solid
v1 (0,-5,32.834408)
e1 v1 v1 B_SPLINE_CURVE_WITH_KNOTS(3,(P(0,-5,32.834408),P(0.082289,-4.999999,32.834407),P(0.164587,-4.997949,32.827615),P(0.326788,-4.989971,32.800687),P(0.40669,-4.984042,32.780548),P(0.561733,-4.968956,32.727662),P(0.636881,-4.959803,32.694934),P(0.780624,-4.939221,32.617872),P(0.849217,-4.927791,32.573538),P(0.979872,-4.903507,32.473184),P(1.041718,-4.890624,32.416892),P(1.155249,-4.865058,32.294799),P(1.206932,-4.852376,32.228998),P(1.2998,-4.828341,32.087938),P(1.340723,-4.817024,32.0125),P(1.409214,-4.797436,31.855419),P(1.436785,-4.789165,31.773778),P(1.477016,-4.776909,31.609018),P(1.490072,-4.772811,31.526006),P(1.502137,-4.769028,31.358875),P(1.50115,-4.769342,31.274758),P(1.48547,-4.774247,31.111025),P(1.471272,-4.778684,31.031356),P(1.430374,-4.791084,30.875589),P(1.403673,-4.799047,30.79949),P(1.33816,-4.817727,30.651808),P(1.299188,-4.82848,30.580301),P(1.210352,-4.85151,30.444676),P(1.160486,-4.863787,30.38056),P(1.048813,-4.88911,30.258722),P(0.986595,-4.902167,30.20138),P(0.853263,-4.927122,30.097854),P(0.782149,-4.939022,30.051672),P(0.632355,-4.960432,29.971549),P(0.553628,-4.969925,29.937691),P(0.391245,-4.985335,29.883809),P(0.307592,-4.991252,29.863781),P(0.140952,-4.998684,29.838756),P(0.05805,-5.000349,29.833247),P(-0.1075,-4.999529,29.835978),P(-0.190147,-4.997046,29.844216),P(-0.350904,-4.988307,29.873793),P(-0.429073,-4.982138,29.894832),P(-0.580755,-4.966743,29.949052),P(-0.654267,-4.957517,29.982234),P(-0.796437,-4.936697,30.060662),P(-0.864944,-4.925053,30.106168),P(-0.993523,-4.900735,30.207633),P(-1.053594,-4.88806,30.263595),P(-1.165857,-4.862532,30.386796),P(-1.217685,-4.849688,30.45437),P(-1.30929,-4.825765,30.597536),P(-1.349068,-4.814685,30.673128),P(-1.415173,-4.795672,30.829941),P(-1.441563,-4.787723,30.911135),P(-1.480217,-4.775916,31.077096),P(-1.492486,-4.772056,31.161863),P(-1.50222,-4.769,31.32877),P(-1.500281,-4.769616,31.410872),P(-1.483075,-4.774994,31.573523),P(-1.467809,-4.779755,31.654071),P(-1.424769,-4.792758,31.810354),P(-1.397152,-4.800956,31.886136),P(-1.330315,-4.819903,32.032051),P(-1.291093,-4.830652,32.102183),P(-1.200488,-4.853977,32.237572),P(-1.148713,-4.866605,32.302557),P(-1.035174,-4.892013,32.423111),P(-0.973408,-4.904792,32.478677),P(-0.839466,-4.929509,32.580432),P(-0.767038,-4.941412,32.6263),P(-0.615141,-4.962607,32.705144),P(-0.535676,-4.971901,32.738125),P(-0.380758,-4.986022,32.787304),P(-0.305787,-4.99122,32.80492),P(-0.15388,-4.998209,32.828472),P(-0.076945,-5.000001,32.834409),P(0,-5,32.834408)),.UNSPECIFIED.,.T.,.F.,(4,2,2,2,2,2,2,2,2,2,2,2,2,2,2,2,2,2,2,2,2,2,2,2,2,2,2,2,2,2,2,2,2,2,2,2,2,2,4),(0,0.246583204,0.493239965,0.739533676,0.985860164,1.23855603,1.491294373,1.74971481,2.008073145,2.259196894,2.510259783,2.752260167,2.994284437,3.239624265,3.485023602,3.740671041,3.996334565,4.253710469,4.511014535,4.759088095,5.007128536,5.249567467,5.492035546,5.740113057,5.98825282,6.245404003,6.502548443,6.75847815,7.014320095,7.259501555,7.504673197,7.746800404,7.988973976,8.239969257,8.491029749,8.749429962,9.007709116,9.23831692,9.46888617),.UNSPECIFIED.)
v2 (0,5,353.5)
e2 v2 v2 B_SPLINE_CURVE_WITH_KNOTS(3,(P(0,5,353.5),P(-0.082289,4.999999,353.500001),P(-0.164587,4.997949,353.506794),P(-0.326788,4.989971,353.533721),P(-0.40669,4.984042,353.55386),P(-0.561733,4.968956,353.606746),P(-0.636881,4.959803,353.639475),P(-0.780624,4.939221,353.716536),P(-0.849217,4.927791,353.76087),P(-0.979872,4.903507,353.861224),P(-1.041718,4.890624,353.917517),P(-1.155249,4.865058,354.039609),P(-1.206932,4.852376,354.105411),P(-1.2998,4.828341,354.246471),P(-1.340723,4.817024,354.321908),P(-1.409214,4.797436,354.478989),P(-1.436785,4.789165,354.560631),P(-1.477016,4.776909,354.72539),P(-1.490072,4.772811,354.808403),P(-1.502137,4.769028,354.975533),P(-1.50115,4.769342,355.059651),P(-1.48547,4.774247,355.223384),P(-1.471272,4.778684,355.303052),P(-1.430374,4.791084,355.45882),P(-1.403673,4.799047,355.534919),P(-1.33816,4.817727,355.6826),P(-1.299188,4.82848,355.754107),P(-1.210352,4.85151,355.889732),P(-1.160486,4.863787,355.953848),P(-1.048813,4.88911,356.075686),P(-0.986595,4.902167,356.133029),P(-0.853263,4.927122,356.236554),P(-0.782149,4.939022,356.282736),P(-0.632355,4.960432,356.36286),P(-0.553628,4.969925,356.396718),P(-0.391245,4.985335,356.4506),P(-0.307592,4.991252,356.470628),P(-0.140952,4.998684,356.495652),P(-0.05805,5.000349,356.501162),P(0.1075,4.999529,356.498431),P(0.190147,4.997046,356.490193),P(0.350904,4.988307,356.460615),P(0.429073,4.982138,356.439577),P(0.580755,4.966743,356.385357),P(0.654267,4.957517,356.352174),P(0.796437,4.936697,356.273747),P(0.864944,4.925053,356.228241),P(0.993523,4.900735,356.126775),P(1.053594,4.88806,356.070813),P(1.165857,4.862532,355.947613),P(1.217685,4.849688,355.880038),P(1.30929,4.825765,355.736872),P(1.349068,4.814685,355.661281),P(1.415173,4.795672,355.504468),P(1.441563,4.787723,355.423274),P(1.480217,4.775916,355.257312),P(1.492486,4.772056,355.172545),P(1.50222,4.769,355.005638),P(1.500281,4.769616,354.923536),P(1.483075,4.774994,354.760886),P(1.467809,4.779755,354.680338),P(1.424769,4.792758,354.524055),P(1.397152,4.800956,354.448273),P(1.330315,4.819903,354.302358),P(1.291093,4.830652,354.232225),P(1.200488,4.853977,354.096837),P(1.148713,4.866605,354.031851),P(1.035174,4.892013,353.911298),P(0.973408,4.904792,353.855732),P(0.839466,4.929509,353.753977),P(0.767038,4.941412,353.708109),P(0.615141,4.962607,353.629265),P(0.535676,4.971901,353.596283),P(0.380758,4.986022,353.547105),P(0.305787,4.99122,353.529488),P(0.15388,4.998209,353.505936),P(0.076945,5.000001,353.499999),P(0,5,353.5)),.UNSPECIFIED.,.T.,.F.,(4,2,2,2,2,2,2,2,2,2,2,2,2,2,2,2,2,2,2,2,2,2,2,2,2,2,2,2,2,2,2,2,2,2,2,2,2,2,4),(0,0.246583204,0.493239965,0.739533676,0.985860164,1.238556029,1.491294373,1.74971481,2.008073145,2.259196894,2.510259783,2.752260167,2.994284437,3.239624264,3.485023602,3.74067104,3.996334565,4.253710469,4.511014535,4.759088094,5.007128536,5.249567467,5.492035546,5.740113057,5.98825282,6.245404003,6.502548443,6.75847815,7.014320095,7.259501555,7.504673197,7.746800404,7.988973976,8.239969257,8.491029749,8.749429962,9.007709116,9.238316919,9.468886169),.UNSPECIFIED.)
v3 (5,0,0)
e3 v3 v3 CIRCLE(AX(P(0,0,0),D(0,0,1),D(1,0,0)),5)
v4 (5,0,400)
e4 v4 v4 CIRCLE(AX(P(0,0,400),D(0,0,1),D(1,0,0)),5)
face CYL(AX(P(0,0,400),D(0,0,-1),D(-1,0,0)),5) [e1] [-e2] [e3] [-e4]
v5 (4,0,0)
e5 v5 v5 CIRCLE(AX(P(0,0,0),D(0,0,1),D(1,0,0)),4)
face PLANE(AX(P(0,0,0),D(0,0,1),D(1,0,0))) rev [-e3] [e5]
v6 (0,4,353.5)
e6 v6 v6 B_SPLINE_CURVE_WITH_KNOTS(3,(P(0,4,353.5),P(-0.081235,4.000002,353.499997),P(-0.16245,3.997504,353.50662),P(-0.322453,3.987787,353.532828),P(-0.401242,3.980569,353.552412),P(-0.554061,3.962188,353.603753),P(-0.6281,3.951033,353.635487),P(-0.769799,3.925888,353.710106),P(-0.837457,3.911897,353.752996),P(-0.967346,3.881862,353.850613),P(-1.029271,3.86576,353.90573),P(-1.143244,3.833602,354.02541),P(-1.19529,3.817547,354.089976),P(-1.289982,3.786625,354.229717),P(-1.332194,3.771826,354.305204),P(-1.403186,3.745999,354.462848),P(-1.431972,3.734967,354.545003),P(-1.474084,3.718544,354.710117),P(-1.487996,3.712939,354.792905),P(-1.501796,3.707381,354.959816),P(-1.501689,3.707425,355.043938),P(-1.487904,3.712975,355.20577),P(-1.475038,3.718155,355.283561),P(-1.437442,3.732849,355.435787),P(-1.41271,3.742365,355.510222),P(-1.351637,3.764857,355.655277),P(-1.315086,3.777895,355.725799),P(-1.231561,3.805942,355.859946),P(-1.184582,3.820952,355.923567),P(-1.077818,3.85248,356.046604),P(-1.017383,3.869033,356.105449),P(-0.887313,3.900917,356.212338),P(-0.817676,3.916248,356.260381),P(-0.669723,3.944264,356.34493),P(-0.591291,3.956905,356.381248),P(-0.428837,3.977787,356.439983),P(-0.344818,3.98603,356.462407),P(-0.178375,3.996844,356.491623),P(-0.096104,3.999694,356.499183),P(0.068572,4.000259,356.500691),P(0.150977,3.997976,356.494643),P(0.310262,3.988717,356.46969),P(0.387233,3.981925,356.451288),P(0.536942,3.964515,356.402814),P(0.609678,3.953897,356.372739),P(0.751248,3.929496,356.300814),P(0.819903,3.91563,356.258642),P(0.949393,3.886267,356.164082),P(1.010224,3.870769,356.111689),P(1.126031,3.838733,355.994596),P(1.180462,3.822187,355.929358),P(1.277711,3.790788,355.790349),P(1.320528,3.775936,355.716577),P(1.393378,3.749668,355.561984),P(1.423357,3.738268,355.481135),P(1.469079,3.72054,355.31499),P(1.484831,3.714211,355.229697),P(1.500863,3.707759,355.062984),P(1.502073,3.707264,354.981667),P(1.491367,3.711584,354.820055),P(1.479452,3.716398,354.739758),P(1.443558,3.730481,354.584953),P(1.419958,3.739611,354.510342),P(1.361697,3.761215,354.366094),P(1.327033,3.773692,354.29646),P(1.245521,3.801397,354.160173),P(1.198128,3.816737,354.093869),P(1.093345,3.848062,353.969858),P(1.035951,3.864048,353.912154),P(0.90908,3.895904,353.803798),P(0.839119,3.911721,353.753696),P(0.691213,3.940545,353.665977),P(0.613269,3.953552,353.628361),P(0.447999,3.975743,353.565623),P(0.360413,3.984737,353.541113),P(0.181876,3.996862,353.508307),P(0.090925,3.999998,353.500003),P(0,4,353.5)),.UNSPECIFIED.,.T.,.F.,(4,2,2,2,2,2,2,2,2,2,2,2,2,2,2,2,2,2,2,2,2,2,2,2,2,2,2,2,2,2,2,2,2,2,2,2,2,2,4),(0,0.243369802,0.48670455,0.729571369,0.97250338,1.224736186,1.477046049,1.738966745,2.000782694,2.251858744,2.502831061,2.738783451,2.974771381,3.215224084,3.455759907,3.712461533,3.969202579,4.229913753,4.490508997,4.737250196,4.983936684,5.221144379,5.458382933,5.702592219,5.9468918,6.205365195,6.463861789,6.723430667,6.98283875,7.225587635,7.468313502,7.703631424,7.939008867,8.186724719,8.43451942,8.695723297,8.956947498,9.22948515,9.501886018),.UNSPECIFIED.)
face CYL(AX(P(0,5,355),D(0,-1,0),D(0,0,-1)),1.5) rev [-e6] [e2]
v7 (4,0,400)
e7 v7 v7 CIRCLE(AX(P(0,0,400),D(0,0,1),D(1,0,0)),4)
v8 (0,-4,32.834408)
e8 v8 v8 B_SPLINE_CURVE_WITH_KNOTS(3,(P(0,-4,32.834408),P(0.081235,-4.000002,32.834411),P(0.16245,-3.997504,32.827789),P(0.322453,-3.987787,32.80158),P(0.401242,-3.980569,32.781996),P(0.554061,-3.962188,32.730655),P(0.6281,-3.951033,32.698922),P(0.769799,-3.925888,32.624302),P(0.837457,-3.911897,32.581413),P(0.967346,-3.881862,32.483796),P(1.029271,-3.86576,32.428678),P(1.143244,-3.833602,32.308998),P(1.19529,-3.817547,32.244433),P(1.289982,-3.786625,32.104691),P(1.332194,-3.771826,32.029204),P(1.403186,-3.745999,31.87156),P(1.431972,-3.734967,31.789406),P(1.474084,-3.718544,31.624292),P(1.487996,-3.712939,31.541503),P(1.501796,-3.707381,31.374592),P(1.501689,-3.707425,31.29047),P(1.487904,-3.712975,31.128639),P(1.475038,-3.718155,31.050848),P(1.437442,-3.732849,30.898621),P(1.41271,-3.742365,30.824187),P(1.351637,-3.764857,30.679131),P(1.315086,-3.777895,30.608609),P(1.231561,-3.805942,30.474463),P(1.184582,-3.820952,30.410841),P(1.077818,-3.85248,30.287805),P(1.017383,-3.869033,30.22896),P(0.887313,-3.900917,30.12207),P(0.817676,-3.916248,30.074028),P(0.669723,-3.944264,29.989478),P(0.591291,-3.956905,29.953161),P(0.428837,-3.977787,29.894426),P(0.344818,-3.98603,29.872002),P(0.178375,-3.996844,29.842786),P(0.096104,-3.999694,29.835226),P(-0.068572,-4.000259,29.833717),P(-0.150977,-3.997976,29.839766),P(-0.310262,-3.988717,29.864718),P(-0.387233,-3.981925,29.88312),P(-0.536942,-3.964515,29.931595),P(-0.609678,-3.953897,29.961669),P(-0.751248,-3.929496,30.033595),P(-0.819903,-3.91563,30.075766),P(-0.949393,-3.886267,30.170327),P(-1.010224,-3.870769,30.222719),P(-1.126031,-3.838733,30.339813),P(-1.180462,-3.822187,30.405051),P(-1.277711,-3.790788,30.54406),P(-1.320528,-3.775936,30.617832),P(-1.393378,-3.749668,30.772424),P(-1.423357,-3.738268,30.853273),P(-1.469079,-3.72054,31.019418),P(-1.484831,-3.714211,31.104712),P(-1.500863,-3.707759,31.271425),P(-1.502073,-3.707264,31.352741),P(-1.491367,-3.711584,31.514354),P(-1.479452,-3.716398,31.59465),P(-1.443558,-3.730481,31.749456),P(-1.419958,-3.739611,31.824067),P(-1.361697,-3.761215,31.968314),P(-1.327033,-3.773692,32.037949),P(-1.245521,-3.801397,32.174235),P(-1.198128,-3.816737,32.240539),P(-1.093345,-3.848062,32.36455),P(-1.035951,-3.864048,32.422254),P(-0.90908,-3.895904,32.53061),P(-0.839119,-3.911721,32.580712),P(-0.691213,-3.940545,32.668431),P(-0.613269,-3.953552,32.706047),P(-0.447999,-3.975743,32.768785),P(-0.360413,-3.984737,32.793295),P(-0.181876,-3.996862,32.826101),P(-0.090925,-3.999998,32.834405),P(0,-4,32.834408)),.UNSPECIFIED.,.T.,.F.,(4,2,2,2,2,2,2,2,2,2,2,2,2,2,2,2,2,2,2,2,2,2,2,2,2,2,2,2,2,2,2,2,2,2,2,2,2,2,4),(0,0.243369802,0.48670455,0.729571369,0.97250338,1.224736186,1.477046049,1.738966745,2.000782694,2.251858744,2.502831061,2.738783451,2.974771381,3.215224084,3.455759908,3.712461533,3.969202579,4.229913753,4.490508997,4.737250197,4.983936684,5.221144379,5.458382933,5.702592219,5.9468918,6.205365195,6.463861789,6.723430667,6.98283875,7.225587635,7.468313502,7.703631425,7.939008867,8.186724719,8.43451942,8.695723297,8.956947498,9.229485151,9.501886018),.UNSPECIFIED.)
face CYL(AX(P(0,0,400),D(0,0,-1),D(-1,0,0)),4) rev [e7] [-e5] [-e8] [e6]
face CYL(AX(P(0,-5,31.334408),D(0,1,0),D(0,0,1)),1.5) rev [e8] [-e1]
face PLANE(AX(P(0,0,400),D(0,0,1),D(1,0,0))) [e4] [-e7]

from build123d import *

# Parameters (mm, degrees)
SKETCH_1_R          = 5
SKETCH_1_R_2        = 4
EXTRUDE_1_DEPTH     = 400
SKETCH_2_R          = 1.5
CUT_EXTRUDE_1_DEPTH = 401.062495118
SKETCH_3_R          = 1.5
CUT_EXTRUDE_2_DEPTH = 401.06249522


with BuildPart() as part:
    # 草图1 → 凸台-拉伸1 (new body)
    with BuildSketch(Plane.XY):
        Circle(SKETCH_1_R)
        Circle(SKETCH_1_R_2, mode=Mode.SUBTRACT)
    extrude(amount=EXTRUDE_1_DEPTH)

    # 草图2 → 切除-拉伸1 (cut, through all)
    with BuildSketch(Plane(origin=(0, 0, 0), x_dir=(1, 0, 0), z_dir=(0, 1, 0))):
        with Locations(Location((0, -31.334408431, 0), (0, 0, 270))):
            Circle(SKETCH_2_R)
    extrude(amount=-CUT_EXTRUDE_1_DEPTH, mode=Mode.SUBTRACT)

    # 草图3 → 切除-拉伸2 (cut, through all)
    with BuildSketch(Plane(origin=(0, 0, 0), x_dir=(1, 0, 0), z_dir=(0, 1, 0))):
        with Locations(Location((0, -355, 0), (0, 0, 90))):
            Circle(SKETCH_3_R)
    extrude(amount=CUT_EXTRUDE_2_DEPTH, mode=Mode.SUBTRACT)


solid = part.part
